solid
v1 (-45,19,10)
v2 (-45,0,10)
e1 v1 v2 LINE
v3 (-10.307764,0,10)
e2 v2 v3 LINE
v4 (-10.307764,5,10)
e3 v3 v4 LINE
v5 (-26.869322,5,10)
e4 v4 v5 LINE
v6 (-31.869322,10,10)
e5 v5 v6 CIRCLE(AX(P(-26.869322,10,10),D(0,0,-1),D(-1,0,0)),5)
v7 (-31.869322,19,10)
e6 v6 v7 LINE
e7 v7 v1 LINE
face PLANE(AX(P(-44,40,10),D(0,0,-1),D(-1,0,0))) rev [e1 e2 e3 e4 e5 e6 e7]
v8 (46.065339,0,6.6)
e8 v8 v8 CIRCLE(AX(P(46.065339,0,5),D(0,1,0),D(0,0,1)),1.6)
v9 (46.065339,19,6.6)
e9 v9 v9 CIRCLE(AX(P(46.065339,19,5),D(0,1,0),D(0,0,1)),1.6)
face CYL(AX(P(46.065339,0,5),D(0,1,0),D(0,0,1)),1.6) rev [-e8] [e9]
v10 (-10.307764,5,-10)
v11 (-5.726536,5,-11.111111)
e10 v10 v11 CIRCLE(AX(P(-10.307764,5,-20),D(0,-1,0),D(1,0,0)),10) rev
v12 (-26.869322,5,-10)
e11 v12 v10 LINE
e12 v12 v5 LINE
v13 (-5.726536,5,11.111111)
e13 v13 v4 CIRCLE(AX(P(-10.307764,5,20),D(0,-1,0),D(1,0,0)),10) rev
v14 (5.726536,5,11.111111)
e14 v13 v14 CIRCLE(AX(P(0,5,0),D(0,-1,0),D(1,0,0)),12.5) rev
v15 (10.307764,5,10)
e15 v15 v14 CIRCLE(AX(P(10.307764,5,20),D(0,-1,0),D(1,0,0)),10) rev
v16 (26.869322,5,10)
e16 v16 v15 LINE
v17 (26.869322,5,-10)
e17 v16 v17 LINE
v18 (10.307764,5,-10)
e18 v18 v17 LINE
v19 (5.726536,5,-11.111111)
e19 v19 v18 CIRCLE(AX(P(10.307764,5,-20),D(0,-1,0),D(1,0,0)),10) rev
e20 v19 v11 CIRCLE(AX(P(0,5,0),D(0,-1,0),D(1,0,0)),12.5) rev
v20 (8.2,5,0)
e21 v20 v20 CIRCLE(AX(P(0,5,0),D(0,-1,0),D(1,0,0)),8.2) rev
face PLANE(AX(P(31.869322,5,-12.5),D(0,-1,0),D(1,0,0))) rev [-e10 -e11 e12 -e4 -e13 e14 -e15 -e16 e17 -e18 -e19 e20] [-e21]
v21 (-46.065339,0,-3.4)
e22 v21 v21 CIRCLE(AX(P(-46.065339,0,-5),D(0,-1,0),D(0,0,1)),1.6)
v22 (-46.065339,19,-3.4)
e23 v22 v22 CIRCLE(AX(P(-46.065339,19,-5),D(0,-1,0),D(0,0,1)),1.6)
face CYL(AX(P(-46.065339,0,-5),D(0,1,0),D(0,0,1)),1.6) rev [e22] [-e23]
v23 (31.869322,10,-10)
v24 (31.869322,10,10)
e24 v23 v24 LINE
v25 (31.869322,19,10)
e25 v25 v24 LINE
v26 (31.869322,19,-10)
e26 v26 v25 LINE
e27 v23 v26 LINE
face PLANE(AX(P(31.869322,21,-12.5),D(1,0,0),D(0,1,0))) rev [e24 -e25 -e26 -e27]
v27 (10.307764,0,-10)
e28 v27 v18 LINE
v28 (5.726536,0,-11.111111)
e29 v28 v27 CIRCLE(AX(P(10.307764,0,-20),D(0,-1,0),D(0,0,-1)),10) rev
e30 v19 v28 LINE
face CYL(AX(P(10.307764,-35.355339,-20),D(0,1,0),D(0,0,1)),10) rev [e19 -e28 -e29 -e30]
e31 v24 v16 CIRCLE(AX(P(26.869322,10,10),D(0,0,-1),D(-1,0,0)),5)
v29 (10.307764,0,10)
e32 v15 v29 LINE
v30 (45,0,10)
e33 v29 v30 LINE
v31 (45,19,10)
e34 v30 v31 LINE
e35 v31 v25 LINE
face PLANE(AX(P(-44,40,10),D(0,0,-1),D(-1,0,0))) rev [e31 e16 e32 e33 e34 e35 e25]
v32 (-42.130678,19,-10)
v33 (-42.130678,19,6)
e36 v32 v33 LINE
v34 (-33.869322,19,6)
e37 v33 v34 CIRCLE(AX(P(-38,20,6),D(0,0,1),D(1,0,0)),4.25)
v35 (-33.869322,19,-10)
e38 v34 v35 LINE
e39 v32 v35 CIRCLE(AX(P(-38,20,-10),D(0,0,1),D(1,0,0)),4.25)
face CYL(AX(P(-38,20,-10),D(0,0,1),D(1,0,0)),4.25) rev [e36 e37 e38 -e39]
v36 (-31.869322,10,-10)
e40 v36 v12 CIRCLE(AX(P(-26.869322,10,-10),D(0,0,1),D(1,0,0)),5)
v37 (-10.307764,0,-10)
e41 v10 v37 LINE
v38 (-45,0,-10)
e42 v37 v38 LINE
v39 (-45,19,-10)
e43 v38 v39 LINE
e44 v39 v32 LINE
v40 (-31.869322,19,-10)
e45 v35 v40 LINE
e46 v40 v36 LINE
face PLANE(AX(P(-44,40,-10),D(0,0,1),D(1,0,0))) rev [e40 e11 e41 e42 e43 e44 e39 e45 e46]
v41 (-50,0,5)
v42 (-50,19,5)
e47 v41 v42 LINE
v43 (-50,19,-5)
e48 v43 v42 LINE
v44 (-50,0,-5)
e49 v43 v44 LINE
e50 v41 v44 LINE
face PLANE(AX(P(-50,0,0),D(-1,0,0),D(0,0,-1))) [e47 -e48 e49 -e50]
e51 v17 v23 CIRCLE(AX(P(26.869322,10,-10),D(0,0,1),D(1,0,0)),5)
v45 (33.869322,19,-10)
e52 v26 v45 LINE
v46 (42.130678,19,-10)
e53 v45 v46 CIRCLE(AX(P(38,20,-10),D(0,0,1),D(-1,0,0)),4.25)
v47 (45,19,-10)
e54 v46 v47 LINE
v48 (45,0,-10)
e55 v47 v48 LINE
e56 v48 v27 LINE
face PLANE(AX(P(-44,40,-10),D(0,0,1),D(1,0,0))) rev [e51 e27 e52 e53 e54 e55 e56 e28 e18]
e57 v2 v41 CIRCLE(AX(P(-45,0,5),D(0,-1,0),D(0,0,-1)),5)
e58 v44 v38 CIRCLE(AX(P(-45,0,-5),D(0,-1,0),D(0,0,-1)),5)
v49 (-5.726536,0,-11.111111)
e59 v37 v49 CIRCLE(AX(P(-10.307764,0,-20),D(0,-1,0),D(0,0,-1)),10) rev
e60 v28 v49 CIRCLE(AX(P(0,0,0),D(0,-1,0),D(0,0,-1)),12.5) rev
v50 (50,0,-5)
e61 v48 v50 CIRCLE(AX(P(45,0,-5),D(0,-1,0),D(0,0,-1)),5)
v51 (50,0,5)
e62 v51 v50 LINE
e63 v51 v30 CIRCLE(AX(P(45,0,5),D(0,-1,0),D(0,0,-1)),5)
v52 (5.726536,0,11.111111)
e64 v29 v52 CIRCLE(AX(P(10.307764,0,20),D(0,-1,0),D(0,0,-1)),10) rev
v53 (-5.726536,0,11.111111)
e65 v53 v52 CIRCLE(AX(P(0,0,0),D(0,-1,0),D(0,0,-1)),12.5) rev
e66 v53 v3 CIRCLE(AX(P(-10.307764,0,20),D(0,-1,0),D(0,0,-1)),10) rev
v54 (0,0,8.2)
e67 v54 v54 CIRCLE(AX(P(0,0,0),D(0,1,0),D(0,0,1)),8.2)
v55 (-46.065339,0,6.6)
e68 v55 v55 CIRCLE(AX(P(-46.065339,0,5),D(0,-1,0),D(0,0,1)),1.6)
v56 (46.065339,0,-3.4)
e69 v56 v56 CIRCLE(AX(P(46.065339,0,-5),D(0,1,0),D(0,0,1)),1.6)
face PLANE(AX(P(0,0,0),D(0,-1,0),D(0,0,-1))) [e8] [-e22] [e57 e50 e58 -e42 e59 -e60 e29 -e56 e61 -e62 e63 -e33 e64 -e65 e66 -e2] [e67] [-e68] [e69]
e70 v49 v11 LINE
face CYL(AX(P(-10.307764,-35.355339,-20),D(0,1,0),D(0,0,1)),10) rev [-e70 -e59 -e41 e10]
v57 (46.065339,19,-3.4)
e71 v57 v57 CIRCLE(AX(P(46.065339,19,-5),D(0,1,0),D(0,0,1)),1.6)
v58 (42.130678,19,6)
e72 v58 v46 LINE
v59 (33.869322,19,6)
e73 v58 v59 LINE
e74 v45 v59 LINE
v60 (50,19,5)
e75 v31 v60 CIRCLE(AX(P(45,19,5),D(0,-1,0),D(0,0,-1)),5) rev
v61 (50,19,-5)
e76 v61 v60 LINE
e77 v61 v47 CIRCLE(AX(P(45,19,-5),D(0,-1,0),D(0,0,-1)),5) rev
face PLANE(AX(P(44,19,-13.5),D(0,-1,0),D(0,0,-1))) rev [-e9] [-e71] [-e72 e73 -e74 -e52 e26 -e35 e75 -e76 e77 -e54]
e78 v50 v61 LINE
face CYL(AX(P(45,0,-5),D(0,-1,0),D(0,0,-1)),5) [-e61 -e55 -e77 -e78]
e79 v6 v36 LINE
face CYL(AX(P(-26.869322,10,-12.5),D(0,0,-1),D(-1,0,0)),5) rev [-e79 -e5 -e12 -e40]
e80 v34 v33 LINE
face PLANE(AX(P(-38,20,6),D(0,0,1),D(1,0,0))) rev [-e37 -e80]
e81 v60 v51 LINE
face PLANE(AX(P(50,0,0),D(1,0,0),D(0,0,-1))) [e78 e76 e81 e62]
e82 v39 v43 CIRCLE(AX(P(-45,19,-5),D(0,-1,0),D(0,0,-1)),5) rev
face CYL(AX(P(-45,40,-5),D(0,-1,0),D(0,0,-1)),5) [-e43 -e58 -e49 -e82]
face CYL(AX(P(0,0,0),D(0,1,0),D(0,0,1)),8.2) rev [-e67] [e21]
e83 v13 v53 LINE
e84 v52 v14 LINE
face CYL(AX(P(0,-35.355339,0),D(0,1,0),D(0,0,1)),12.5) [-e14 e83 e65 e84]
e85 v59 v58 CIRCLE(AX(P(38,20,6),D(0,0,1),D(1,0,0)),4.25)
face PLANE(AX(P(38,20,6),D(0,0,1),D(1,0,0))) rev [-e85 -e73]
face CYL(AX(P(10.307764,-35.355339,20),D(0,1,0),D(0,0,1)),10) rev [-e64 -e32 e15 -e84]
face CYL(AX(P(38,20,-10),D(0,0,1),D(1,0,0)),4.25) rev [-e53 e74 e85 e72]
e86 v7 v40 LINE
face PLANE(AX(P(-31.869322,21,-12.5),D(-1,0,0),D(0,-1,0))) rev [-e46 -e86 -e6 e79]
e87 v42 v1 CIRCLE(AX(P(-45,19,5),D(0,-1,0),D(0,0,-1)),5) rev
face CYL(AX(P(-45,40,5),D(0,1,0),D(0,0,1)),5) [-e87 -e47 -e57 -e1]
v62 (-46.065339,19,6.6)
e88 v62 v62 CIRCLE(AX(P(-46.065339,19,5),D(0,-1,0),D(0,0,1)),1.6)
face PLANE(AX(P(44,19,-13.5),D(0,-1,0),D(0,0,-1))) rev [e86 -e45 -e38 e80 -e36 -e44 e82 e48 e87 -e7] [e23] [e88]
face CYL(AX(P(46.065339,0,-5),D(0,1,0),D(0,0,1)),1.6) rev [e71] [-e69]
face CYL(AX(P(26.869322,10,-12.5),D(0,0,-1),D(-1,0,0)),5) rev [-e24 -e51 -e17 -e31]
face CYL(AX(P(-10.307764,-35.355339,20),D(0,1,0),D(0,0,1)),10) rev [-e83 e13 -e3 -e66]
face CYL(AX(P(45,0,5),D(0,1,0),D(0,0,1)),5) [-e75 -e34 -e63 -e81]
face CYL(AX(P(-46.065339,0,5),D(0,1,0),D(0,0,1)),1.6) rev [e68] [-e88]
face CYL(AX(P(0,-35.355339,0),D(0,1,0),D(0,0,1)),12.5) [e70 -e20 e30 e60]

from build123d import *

# Parameters (mm, degrees)
SKETCH1_W               = 88
SKETCH1_H               = 20
BOSS_EXTRUDE1_DEPTH     = 40
SKETCH2_R               = 4.25
CUT_EXTRUDE1_DEPTH      = 21
SKETCH7_R               = 12.5
BOSS_EXTRUDE2_DEPTH     = 40
SKETCH4_R               = 8.2
CUT_EXTRUDE3_DEPTH      = 41
FILLET2_R               = 10
SKETCH9_W               = 27
SKETCH9_H               = 21
CUT_EXTRUDE4_DEPTH      = 89
SKETCH10_W              = 63.73864418
SKETCH10_H              = 16
CUT_EXTRUDE5_DEPTH      = 13.5
CUT_EXTRUDE5_DEPTH_BACK = 13.5
FILLET3_R               = 5
SKETCH11_W              = 20
SKETCH11_H              = 19
BOSS_EXTRUDE3_DEPTH     = 6
SKETCH12_R              = 1.6
CUT_EXTRUDE6_DEPTH      = 20
FILLET5_R               = 5
BOSS_EXTRUDE4_DEPTH     = 4


with BuildPart() as part:
    # Sketch1 → Boss-Extrude1 (new body)
    with BuildSketch(Plane(origin=(0, 0, 0), x_dir=(1, 0, 0), z_dir=(0, 1, 0))):
        Rectangle(SKETCH1_W, SKETCH1_H)
    extrude(amount=BOSS_EXTRUDE1_DEPTH)

    # Sketch2 → Cut-Extrude1 (cut, through all)
    with BuildSketch(Plane.XY.offset(10)):
        with Locations((-38, 20)):
            Circle(SKETCH2_R)
        with Locations((38, 20)):
            Circle(SKETCH2_R)
    extrude(amount=-CUT_EXTRUDE1_DEPTH, mode=Mode.SUBTRACT)

    # Sketch7 → Boss-Extrude2 (add)
    with BuildSketch(Plane(origin=(0, 40, 0), x_dir=(1, 0, 0), z_dir=(0, 1, 0))):
        Circle(SKETCH7_R)
    extrude(amount=-BOSS_EXTRUDE2_DEPTH)

    # Sketch4 → Cut-Extrude3 (cut, through all)
    with BuildSketch(Plane(origin=(0, 40, 0), x_dir=(1, 0, 0), z_dir=(0, 1, 0))):
        Circle(SKETCH4_R)
    extrude(amount=-CUT_EXTRUDE3_DEPTH, mode=Mode.SUBTRACT)

    # Fillet2
    fillet2_edges = [part.edges().sort_by_distance(p)[0] for p in [
        (7.5, 20, -10),
        (7.5, 20, 10),
        (-7.5, 20, -10),
        (-7.5, 20, 10),
    ]]
    fillet(fillet2_edges, radius=FILLET2_R)

    # Sketch9 → Cut-Extrude4 (cut, through all)
    with BuildSketch(Plane.ZY.offset(44)):
        with Locations((0, 29.5)):
            Rectangle(SKETCH9_W, SKETCH9_H)
    extrude(amount=-CUT_EXTRUDE4_DEPTH, mode=Mode.SUBTRACT)

    # Sketch10 → Cut-Extrude5 (cut, two sides)
    with BuildSketch(Plane.XY) as cut_extrude5_sk:
        with Locations((0, 13)):
            Rectangle(SKETCH10_W, SKETCH10_H)
    extrude(amount=CUT_EXTRUDE5_DEPTH, mode=Mode.SUBTRACT)
    extrude(cut_extrude5_sk.sketch, amount=-CUT_EXTRUDE5_DEPTH_BACK, mode=Mode.SUBTRACT)

    # Fillet3
    fillet3_edges = [part.edges().sort_by_distance(p)[0] for p in [
        (31.86932209, 5, 0),
        (-31.86932209, 5, 0),
    ]]
    fillet(fillet3_edges, radius=FILLET3_R)

    # Sketch11 → Boss-Extrude3 (add)
    with BuildSketch(Plane(origin=(44, 0, 0), x_dir=(0, 0, -1), z_dir=(1, 0, 0))):
        with Locations((0, 9.5)):
            Rectangle(SKETCH11_W, SKETCH11_H)
    boss_extrude3 = extrude(amount=BOSS_EXTRUDE3_DEPTH)

    # Sketch12 → Cut-Extrude6 (cut, through all)
    with BuildSketch(Plane(origin=(0, 19, 0), x_dir=(1, 0, 0), z_dir=(0, 1, 0))):
        with Locations((46.065338955, 5)):
            Circle(SKETCH12_R)
        with Locations((46.065338955, -5)):
            Circle(SKETCH12_R)
    cut_extrude6 = extrude(amount=-CUT_EXTRUDE6_DEPTH, mode=Mode.SUBTRACT)

    # Mirror1: Boss-Extrude3, Cut-Extrude6 across plane
    add(boss_extrude3.mirror(Plane(origin=(0, 0, 0), x_dir=(0, 0, 1), z_dir=(1, 0, 0))))
    add(cut_extrude6.mirror(Plane(origin=(0, 0, 0), x_dir=(0, 0, 1), z_dir=(1, 0, 0))), mode=Mode.SUBTRACT)

    # Fillet5
    fillet5_edges = [part.edges().sort_by_distance(p)[0] for p in [
        (50, 9.5, -10),
        (50, 9.5, 10),
        (-50, 9.5, 10),
        (-50, 9.5, -10),
    ]]
    fillet(fillet5_edges, radius=FILLET5_R)

    # Sketch13 → Boss-Extrude4 (add)
    with BuildSketch(Plane.XY.offset(10)):
        with BuildLine():
            Line((-42.13067791, 19), (-33.86932209, 19))
            ThreePointArc((-33.86932209, 19), (-38, 15.75), (-42.13067791, 19))
        make_face()
        with BuildLine():
            Line((33.86932209, 19), (42.13067791, 19))
            ThreePointArc((42.13067791, 19), (38, 15.75), (33.86932209, 19))
        make_face()
    extrude(amount=-BOSS_EXTRUDE4_DEPTH)


solid = part.part
